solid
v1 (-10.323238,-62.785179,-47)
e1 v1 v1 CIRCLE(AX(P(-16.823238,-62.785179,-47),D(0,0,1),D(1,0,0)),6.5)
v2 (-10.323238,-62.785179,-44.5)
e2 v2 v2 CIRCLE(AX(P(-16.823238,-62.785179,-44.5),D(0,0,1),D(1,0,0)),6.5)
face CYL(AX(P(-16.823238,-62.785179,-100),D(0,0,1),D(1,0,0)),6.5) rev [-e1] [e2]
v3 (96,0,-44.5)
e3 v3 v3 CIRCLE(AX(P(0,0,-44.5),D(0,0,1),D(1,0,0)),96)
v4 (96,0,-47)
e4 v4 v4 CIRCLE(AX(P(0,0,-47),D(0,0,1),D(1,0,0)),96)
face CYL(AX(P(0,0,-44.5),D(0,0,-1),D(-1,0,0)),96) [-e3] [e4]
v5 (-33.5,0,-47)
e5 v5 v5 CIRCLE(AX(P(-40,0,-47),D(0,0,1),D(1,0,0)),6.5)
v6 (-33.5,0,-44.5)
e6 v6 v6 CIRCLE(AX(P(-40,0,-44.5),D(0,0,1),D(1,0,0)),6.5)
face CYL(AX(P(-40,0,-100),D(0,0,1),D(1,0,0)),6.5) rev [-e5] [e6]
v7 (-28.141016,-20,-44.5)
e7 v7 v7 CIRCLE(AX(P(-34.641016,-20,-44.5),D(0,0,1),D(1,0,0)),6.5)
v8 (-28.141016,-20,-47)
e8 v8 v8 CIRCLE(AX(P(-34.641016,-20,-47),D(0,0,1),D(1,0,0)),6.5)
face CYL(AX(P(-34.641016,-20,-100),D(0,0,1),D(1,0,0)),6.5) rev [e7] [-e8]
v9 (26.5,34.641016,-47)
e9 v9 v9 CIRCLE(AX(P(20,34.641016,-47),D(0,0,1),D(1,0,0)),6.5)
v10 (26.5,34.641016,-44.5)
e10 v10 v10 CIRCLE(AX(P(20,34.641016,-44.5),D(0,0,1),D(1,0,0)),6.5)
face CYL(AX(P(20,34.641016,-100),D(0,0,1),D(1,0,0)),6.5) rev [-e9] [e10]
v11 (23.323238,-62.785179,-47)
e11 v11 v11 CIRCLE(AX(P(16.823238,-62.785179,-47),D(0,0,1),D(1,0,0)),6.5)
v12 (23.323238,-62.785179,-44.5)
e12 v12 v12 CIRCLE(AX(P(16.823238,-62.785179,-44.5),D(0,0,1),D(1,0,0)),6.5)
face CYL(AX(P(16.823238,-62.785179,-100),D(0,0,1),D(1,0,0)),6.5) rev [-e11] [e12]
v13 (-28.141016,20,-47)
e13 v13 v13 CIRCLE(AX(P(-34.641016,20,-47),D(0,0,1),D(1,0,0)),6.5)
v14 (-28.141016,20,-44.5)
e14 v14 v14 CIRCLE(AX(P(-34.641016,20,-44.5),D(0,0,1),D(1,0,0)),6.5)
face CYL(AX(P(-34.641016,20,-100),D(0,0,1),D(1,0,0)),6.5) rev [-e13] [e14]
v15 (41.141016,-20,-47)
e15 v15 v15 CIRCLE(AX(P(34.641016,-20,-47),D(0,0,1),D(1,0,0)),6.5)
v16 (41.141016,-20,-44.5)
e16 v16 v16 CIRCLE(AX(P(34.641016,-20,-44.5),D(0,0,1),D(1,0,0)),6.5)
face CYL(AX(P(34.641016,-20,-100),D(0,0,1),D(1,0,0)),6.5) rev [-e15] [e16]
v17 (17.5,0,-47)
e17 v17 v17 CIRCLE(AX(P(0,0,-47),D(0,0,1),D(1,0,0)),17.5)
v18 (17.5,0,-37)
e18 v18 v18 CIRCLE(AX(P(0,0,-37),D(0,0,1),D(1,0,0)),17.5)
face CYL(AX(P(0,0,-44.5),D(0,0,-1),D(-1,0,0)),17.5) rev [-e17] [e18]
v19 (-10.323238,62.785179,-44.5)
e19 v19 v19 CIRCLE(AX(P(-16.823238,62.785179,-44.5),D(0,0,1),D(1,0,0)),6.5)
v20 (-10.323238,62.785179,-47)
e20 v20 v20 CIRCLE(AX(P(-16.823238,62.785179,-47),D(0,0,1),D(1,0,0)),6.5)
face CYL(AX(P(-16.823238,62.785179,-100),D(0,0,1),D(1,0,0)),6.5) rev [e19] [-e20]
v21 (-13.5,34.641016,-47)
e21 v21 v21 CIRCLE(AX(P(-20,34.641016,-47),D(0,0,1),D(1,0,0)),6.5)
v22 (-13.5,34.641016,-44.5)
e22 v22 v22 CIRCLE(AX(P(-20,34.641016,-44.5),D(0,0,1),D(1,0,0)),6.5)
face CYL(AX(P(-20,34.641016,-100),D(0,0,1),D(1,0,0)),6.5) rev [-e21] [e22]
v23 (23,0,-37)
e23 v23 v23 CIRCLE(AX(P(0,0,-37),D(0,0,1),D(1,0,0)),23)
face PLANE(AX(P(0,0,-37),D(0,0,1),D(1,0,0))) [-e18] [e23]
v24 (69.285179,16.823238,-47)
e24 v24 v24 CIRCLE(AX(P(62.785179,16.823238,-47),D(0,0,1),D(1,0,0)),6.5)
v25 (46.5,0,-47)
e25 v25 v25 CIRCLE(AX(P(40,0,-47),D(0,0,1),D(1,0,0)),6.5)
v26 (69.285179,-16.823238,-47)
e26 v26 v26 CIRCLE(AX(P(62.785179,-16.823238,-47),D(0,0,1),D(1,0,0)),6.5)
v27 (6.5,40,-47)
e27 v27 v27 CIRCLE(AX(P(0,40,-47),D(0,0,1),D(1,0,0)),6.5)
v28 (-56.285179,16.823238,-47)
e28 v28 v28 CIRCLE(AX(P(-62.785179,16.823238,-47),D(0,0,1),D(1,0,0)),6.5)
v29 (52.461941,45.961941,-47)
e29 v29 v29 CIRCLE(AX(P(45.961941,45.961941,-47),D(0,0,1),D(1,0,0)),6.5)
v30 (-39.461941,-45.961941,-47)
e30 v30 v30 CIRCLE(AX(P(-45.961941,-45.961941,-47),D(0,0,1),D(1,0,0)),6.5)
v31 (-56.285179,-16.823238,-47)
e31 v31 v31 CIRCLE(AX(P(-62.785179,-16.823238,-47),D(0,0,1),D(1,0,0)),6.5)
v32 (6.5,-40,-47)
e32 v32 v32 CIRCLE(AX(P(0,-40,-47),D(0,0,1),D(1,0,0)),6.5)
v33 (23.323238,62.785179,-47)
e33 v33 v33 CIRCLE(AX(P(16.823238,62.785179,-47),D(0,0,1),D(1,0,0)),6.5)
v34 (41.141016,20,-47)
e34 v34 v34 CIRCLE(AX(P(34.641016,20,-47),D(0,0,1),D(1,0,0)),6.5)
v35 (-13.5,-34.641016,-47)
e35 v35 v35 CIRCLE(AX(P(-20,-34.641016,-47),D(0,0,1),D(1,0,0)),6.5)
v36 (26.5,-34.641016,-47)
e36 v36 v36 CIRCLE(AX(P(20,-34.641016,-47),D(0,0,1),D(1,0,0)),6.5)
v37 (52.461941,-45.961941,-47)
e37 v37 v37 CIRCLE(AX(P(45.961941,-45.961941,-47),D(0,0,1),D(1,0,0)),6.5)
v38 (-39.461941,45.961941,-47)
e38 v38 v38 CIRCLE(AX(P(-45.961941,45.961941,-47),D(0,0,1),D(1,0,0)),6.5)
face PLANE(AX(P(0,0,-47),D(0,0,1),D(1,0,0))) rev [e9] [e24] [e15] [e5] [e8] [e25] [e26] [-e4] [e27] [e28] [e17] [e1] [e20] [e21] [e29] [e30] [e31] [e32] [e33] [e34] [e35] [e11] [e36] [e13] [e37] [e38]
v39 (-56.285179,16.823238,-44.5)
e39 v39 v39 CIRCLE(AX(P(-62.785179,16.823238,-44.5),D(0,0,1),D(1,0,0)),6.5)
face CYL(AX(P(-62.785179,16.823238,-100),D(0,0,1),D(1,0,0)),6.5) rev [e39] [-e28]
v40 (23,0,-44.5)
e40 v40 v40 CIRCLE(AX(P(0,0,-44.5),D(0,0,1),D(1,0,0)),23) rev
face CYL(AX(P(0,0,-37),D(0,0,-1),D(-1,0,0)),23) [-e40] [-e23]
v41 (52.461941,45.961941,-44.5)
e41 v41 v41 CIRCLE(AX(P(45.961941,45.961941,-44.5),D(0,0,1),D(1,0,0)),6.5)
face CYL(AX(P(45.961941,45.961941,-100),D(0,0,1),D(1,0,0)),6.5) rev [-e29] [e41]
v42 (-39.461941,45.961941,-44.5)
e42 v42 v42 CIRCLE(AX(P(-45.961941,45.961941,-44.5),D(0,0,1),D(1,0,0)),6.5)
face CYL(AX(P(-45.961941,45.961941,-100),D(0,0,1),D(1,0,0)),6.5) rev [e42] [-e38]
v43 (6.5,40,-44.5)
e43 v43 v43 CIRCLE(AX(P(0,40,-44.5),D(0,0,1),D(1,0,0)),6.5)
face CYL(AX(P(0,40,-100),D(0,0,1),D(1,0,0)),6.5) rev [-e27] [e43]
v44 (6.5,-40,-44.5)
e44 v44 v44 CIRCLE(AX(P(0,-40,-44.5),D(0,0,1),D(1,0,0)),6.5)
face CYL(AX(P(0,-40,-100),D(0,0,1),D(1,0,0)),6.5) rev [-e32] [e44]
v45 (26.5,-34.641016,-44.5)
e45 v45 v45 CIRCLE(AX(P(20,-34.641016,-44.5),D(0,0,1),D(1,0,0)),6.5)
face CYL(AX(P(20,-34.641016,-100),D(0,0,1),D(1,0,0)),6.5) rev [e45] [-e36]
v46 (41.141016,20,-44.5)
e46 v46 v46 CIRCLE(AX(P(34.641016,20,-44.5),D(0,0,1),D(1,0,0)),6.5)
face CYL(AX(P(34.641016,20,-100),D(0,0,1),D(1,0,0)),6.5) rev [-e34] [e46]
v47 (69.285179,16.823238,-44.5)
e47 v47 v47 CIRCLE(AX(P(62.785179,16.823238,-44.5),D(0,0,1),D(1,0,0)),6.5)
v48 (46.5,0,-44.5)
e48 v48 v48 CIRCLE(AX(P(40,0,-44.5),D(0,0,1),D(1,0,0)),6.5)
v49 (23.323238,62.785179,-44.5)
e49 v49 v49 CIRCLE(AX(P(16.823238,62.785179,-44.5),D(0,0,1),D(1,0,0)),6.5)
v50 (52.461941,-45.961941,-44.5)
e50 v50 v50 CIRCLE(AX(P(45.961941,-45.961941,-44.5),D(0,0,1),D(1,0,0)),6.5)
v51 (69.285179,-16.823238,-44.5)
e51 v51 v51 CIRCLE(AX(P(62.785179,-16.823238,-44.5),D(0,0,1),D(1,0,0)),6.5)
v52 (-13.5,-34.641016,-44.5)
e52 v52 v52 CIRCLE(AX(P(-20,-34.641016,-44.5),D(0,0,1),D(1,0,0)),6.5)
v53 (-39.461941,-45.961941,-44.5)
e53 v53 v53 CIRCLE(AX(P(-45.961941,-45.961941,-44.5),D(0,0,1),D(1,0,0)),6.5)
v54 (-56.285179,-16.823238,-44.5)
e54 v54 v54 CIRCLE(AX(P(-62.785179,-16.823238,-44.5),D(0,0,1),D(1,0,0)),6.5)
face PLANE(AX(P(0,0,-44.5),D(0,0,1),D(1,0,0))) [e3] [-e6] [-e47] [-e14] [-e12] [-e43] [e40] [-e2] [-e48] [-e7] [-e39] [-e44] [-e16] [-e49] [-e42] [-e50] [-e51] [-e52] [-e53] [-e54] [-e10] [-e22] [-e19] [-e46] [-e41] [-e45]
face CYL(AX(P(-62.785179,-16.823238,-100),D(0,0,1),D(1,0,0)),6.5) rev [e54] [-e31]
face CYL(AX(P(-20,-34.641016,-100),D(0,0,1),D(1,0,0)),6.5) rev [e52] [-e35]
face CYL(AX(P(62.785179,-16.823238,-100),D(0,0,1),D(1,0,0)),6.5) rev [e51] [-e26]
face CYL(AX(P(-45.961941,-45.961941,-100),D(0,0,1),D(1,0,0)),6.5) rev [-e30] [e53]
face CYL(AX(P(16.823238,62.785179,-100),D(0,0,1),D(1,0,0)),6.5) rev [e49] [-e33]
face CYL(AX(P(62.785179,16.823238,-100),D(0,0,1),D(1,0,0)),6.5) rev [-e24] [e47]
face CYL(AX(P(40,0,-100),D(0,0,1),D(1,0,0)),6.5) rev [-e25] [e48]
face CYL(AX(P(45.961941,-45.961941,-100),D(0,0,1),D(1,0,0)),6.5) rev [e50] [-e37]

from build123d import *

# Parameters (mm, degrees)
REAR_COVER_REFERENCE_START   = -47
SKETCH_1_R                   = 96
SKETCH_1_R_2                 = 17.5
REAR_COVER_REFERENCE_DEPTH   = 2.5
BEARING_BOSS_REFERENCE_START = -47
SKETCH_2_R                   = 23
SKETCH_2_R_2                 = 17.5
BEARING_BOSS_REFERENCE_DEPTH = 10
SKETCH_3_R                   = 6.5
THROUGH_HOLES_DEPTH          = 100


with BuildPart() as part:
    # Эскиз1 → Rear_cover_reference (new body)
    with BuildSketch(Plane.XY.offset(REAR_COVER_REFERENCE_START)):
        Circle(SKETCH_1_R)
        Circle(SKETCH_1_R_2, mode=Mode.SUBTRACT)
    extrude(amount=REAR_COVER_REFERENCE_DEPTH)

    # Эскиз2 → Bearing_boss_reference (add)
    with BuildSketch(Plane.XY.offset(BEARING_BOSS_REFERENCE_START)):
        Circle(SKETCH_2_R)
        Circle(SKETCH_2_R_2, mode=Mode.SUBTRACT)
    extrude(amount=BEARING_BOSS_REFERENCE_DEPTH)

    # Эскиз3 → Through_holes (cut, symmetric)
    with BuildSketch(Plane.XY):
        with Locations((40, 0)):
            Circle(SKETCH_3_R)
        with Locations((34.641016151, 20)):
            Circle(SKETCH_3_R)
        with Locations((20, 34.641016151)):
            Circle(SKETCH_3_R)
        with Locations((0, 40)):
            Circle(SKETCH_3_R)
        with Locations((-20, 34.641016151)):
            Circle(SKETCH_3_R)
        with Locations((-34.641016151, 20)):
            Circle(SKETCH_3_R)
        with Locations((-40, 0)):
            Circle(SKETCH_3_R)
        with Locations((-34.641016151, -20)):
            Circle(SKETCH_3_R)
        with Locations((-20, -34.641016151)):
            Circle(SKETCH_3_R)
        with Locations((0, -40)):
            Circle(SKETCH_3_R)
        with Locations((20, -34.641016151)):
            Circle(SKETCH_3_R)
        with Locations((34.641016151, -20)):
            Circle(SKETCH_3_R)
        with Locations((62.785178709, 16.823237932)):
            Circle(SKETCH_3_R)
        with Locations((45.961940777, 45.961940777)):
            Circle(SKETCH_3_R)
        with Locations((16.823237932, 62.785178709)):
            Circle(SKETCH_3_R)
        with Locations((-16.823237932, 62.785178709)):
            Circle(SKETCH_3_R)
        with Locations((-45.961940777, 45.961940777)):
            Circle(SKETCH_3_R)
        with Locations((-62.785178709, 16.823237932)):
            Circle(SKETCH_3_R)
        with Locations((-62.785178709, -16.823237932)):
            Circle(SKETCH_3_R)
        with Locations((-45.961940777, -45.961940777)):
            Circle(SKETCH_3_R)
        with Locations((-16.823237932, -62.785178709)):
            Circle(SKETCH_3_R)
        with Locations((16.823237932, -62.785178709)):
            Circle(SKETCH_3_R)
        with Locations((45.961940777, -45.961940777)):
            Circle(SKETCH_3_R)
        with Locations((62.785178709, -16.823237932)):
            Circle(SKETCH_3_R)
    extrude(amount=THROUGH_HOLES_DEPTH, both=True, mode=Mode.SUBTRACT)


solid = part.part
